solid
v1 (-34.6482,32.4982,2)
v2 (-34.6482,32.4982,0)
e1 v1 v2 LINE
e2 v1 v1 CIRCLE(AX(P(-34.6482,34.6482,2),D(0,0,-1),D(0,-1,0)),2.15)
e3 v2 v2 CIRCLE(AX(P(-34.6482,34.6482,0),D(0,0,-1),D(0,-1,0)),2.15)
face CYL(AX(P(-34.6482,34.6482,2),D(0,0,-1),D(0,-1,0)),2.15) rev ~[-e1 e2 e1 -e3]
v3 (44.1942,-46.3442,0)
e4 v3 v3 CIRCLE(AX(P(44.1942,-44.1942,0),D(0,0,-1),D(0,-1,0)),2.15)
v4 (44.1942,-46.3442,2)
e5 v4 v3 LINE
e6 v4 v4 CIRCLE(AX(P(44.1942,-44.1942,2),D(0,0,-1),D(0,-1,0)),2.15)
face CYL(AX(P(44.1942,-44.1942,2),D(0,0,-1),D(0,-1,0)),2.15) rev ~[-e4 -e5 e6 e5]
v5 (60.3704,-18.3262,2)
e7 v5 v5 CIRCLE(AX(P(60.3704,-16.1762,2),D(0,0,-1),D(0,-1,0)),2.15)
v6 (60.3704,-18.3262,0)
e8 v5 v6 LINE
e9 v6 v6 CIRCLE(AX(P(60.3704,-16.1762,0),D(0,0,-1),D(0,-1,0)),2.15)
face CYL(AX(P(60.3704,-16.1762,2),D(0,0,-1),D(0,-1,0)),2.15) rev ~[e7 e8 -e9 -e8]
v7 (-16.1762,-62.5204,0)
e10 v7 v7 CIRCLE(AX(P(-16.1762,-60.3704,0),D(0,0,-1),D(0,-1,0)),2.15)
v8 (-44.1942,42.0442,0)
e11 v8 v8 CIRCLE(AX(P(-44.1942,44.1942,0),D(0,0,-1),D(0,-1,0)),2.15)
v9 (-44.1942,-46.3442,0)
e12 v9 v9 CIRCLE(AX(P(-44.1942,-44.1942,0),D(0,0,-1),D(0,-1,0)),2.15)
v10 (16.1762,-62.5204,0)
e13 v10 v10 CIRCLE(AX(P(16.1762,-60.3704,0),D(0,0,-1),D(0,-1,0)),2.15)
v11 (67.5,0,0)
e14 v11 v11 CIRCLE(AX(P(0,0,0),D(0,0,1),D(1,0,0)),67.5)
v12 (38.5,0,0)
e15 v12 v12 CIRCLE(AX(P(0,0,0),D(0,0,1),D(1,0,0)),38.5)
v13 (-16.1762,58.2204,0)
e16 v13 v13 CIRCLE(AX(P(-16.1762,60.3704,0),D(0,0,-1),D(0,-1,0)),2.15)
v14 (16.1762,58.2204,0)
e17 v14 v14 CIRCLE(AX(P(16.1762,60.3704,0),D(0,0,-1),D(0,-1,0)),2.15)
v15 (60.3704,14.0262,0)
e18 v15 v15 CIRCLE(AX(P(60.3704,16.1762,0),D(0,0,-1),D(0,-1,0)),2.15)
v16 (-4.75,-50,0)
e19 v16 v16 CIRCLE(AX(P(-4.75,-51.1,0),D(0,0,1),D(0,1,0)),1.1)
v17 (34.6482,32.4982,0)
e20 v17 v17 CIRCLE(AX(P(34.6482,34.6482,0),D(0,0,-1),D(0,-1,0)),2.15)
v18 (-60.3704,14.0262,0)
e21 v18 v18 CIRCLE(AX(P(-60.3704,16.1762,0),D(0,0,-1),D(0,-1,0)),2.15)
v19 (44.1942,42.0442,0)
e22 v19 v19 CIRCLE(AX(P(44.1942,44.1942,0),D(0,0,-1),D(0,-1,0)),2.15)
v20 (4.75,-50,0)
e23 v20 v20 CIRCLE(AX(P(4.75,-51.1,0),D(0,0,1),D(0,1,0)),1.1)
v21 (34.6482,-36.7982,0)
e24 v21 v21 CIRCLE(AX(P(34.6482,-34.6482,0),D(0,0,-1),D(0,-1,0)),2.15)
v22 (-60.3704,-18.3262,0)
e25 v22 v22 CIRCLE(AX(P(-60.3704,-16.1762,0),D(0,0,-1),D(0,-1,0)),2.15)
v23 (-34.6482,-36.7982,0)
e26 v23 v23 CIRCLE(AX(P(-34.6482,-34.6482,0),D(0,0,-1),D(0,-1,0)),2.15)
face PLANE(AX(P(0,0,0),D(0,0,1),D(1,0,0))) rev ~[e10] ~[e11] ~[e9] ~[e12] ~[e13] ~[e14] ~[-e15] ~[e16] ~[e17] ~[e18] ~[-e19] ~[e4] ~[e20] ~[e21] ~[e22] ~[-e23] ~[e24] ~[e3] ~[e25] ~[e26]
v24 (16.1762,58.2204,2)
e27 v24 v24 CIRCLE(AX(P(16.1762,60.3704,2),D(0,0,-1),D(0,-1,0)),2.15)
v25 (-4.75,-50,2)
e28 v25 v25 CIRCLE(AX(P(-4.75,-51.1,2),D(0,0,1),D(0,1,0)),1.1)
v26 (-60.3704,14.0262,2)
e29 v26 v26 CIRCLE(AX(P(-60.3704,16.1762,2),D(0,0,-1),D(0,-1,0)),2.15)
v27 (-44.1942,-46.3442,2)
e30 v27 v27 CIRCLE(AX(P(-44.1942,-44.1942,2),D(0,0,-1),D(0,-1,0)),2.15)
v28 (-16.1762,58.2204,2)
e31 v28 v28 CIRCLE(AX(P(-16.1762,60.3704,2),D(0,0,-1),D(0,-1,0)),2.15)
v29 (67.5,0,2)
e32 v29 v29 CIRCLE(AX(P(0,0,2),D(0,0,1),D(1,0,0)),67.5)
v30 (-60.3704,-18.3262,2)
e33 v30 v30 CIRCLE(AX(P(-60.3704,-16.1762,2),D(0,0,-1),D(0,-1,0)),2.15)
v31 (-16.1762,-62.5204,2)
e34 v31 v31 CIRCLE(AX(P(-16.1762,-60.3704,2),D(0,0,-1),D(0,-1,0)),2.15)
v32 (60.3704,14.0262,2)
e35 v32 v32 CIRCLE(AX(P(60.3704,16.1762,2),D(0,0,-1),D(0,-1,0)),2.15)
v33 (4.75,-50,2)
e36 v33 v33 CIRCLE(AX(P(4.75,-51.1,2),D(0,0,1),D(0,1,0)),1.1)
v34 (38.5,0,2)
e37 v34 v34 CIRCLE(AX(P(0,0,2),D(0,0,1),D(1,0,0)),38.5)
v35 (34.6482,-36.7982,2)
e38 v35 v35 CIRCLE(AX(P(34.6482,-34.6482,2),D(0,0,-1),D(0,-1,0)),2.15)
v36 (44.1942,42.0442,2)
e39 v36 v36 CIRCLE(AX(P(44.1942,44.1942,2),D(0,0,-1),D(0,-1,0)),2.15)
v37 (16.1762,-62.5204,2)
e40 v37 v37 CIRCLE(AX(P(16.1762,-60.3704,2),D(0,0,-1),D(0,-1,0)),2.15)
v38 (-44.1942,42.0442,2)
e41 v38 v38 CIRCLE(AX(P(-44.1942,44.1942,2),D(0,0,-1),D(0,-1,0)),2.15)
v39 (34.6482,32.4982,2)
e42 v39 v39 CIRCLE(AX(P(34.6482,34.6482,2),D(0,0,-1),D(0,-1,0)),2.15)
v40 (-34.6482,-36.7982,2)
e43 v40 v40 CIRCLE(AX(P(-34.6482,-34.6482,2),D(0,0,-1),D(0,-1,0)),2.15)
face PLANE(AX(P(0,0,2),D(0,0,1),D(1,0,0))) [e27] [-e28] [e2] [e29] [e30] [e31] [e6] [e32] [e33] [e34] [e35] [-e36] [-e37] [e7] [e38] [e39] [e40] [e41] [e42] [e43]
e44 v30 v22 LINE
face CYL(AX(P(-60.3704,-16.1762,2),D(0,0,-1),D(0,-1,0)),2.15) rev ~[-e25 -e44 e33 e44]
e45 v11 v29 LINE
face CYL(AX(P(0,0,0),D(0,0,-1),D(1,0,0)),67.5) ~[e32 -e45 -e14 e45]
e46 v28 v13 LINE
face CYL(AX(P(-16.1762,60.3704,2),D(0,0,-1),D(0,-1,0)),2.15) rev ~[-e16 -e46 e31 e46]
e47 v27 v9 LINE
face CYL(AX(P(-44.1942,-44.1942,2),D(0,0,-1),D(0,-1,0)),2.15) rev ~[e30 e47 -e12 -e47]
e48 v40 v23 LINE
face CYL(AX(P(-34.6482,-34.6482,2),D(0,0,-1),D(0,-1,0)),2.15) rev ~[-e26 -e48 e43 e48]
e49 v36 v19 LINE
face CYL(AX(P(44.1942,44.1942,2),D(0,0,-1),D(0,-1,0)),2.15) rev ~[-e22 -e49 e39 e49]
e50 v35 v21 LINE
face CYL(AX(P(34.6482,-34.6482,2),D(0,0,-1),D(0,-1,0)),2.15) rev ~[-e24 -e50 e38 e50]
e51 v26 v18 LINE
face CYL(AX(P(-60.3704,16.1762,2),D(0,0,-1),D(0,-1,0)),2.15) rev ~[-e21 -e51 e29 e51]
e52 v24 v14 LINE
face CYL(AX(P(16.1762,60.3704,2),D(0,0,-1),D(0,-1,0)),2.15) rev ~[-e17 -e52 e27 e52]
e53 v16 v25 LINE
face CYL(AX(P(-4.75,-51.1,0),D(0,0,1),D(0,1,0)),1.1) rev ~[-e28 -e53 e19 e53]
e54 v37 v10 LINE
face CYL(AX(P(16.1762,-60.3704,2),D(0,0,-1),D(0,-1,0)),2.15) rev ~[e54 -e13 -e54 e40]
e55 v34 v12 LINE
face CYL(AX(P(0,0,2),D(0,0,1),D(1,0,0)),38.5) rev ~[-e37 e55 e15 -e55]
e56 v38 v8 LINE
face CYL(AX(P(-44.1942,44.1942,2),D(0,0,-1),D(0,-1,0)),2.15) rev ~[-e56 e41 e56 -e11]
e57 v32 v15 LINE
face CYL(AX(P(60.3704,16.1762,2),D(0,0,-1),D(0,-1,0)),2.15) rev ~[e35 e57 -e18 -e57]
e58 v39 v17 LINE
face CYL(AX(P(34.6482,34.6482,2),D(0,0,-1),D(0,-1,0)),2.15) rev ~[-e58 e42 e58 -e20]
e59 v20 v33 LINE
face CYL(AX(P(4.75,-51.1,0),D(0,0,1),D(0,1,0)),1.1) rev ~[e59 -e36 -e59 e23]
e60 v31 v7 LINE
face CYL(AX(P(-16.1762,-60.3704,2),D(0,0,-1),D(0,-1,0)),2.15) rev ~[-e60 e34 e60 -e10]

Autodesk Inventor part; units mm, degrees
ref_plane "YZ Plane" through (0, 0, 0) normal (1, 0, 0) x (0, 1, 0)
ref_plane "XZ Plane" through (0, 0, 0) normal (0, 1, 0) x (-1, 0, 0)
ref_plane "XY Plane" through (0, 0, 0) normal (0, 0, 1) x (1, 0, 0)
sketch "スケッチ1" plane through (0, 0, 0) normal (0, 0, 1) x (1, 0, 0)
  circle A0 centre (0, 0) radius 67.5
  dimension "d0" = 135
extrude "プレート1" add sketch "スケッチ1" along normal blind 2
sketch "スケッチ2" plane through (0, 0, 2) normal (0, 0, 1) x (1, 0, 0)
  circle A0 centre (0, 0) radius 38.5
  dimension "d2" = 77
extrude "押し出し1" cut sketch "スケッチ2" against normal through all
sketch "スケッチ3" plane through (0, 0, 2) normal (0, 0, 1) x (1, 0, 0)
  circle A0 centre (0, 0) radius 62.5
  point P0 (16.1762, 60.3704)
  point P1 (-16.1762, 60.3704)
  point P2 (-44.1942, 44.1942)
  point P3 (-60.3704, 16.1762)
  point P4 (-60.3704, -16.1762)
  point P5 (-44.1942, -44.1942)
  point P6 (-16.1762, -60.3704)
  point P7 (16.1762, -60.3704)
  point P8 (44.1942, -44.1942)
  point P9 (60.3704, -16.1762)
  point P10 (60.3704, 16.1762)
  point P11 (44.1942, 44.1942)
  dimension "d5" = 125
  dimension "d8" = 360
  dimension "d36" = 0
hole "穴1" at (16.1762, 60.3704, 2) at (-16.1762, 60.3704, 2) at (-44.1942, 44.1942, 2) at (-60.3704, 16.1762, 2) at (-60.3704, -16.1762, 2) at (-44.1942, -44.1942, 2) at (-16.1762, -60.3704, 2) at (16.1762, -60.3704, 2) at (44.1942, -44.1942, 2) at (60.3704, -16.1762, 2) at (60.3704, 16.1762, 2) at (44.1942, 44.1942, 2) direction (0, 0, -1) diameter 4.3 end through all clearance for "Flat Head Machine Screw" size "M4" standard "Ansi Metric M Profile"
sketch "スケッチ4" plane through (0, 0, 2) normal (0, 0, 1) x (1, 0, 0)
  circle A0 centre (0, 0) radius 49
  point P0 (-34.6482, 34.6482)
  point P1 (-34.6482, -34.6482)
  point P2 (34.6482, -34.6482)
  point P3 (34.6482, 34.6482)
  dimension "d17" = 98
  dimension "d20" = 360
  dimension "d29" = 0
hole "穴2" at (-34.6482, 34.6482, 2) at (-34.6482, -34.6482, 2) at (34.6482, -34.6482, 2) at (34.6482, 34.6482, 2) direction (0, 0, -1) diameter 4.3 end through all clearance for "Flat Head Machine Screw" size "M4" standard "Ansi Metric M Profile"
sketch "スケッチ6" plane through (0, 0, 0) normal (0, 0, -1) x (-1, 0, 0)
  circle A0 centre (0, 0) radius 37.5
  line L0 (-4.75, -42.3) -> (4.75, -42.3)
  line L1 (-4.75, -37.5) -> (4.75, -37.5)
  circle A1 centre (0, -37.5) radius 4.8
  point P0 (-4.75, -51.1)
  point P1 (4.75, -51.1)
  dimension "d37" = 75
  dimension "d38" = 9.5
  dimension "d39" = 8.8
  dimension "d40" = 13.6
  dimension "d41" = 4.75
hole "穴3" at (4.75, -51.1, 0) at (-4.75, -51.1, 0) direction (0, 0, 1) diameter 2.2 end through all clearance for "Socket Head Cap Screw" size "M2" standard "Ansi Metric M Profile"
equation "\"d15\" = Thickness"
equation "\"d27\" = Thickness"
equation "\"d47\" = Thickness"
equation "\"d1\" = Thickness"
equation "\"BendRadius\" = Thickness"
equation "\"BendReliefWidth\" = Thickness"
equation "\"BendReliefDepth\" = 0.5 * Thickness"
equation "\"CornerReliefSize\" = 4 * Thickness"
equation "\"MinimumRemnant\" = 2 * Thickness"
equation "\"TransitionRadius\" = BendRadius"
equation "\"JacobiRadiusSize\" = BendRadius"
equation "\"GapSize\" = Thickness"
equation "\"Thickness\" = 2"
properties part number "unit-j2-plate1" material "CFRP"
